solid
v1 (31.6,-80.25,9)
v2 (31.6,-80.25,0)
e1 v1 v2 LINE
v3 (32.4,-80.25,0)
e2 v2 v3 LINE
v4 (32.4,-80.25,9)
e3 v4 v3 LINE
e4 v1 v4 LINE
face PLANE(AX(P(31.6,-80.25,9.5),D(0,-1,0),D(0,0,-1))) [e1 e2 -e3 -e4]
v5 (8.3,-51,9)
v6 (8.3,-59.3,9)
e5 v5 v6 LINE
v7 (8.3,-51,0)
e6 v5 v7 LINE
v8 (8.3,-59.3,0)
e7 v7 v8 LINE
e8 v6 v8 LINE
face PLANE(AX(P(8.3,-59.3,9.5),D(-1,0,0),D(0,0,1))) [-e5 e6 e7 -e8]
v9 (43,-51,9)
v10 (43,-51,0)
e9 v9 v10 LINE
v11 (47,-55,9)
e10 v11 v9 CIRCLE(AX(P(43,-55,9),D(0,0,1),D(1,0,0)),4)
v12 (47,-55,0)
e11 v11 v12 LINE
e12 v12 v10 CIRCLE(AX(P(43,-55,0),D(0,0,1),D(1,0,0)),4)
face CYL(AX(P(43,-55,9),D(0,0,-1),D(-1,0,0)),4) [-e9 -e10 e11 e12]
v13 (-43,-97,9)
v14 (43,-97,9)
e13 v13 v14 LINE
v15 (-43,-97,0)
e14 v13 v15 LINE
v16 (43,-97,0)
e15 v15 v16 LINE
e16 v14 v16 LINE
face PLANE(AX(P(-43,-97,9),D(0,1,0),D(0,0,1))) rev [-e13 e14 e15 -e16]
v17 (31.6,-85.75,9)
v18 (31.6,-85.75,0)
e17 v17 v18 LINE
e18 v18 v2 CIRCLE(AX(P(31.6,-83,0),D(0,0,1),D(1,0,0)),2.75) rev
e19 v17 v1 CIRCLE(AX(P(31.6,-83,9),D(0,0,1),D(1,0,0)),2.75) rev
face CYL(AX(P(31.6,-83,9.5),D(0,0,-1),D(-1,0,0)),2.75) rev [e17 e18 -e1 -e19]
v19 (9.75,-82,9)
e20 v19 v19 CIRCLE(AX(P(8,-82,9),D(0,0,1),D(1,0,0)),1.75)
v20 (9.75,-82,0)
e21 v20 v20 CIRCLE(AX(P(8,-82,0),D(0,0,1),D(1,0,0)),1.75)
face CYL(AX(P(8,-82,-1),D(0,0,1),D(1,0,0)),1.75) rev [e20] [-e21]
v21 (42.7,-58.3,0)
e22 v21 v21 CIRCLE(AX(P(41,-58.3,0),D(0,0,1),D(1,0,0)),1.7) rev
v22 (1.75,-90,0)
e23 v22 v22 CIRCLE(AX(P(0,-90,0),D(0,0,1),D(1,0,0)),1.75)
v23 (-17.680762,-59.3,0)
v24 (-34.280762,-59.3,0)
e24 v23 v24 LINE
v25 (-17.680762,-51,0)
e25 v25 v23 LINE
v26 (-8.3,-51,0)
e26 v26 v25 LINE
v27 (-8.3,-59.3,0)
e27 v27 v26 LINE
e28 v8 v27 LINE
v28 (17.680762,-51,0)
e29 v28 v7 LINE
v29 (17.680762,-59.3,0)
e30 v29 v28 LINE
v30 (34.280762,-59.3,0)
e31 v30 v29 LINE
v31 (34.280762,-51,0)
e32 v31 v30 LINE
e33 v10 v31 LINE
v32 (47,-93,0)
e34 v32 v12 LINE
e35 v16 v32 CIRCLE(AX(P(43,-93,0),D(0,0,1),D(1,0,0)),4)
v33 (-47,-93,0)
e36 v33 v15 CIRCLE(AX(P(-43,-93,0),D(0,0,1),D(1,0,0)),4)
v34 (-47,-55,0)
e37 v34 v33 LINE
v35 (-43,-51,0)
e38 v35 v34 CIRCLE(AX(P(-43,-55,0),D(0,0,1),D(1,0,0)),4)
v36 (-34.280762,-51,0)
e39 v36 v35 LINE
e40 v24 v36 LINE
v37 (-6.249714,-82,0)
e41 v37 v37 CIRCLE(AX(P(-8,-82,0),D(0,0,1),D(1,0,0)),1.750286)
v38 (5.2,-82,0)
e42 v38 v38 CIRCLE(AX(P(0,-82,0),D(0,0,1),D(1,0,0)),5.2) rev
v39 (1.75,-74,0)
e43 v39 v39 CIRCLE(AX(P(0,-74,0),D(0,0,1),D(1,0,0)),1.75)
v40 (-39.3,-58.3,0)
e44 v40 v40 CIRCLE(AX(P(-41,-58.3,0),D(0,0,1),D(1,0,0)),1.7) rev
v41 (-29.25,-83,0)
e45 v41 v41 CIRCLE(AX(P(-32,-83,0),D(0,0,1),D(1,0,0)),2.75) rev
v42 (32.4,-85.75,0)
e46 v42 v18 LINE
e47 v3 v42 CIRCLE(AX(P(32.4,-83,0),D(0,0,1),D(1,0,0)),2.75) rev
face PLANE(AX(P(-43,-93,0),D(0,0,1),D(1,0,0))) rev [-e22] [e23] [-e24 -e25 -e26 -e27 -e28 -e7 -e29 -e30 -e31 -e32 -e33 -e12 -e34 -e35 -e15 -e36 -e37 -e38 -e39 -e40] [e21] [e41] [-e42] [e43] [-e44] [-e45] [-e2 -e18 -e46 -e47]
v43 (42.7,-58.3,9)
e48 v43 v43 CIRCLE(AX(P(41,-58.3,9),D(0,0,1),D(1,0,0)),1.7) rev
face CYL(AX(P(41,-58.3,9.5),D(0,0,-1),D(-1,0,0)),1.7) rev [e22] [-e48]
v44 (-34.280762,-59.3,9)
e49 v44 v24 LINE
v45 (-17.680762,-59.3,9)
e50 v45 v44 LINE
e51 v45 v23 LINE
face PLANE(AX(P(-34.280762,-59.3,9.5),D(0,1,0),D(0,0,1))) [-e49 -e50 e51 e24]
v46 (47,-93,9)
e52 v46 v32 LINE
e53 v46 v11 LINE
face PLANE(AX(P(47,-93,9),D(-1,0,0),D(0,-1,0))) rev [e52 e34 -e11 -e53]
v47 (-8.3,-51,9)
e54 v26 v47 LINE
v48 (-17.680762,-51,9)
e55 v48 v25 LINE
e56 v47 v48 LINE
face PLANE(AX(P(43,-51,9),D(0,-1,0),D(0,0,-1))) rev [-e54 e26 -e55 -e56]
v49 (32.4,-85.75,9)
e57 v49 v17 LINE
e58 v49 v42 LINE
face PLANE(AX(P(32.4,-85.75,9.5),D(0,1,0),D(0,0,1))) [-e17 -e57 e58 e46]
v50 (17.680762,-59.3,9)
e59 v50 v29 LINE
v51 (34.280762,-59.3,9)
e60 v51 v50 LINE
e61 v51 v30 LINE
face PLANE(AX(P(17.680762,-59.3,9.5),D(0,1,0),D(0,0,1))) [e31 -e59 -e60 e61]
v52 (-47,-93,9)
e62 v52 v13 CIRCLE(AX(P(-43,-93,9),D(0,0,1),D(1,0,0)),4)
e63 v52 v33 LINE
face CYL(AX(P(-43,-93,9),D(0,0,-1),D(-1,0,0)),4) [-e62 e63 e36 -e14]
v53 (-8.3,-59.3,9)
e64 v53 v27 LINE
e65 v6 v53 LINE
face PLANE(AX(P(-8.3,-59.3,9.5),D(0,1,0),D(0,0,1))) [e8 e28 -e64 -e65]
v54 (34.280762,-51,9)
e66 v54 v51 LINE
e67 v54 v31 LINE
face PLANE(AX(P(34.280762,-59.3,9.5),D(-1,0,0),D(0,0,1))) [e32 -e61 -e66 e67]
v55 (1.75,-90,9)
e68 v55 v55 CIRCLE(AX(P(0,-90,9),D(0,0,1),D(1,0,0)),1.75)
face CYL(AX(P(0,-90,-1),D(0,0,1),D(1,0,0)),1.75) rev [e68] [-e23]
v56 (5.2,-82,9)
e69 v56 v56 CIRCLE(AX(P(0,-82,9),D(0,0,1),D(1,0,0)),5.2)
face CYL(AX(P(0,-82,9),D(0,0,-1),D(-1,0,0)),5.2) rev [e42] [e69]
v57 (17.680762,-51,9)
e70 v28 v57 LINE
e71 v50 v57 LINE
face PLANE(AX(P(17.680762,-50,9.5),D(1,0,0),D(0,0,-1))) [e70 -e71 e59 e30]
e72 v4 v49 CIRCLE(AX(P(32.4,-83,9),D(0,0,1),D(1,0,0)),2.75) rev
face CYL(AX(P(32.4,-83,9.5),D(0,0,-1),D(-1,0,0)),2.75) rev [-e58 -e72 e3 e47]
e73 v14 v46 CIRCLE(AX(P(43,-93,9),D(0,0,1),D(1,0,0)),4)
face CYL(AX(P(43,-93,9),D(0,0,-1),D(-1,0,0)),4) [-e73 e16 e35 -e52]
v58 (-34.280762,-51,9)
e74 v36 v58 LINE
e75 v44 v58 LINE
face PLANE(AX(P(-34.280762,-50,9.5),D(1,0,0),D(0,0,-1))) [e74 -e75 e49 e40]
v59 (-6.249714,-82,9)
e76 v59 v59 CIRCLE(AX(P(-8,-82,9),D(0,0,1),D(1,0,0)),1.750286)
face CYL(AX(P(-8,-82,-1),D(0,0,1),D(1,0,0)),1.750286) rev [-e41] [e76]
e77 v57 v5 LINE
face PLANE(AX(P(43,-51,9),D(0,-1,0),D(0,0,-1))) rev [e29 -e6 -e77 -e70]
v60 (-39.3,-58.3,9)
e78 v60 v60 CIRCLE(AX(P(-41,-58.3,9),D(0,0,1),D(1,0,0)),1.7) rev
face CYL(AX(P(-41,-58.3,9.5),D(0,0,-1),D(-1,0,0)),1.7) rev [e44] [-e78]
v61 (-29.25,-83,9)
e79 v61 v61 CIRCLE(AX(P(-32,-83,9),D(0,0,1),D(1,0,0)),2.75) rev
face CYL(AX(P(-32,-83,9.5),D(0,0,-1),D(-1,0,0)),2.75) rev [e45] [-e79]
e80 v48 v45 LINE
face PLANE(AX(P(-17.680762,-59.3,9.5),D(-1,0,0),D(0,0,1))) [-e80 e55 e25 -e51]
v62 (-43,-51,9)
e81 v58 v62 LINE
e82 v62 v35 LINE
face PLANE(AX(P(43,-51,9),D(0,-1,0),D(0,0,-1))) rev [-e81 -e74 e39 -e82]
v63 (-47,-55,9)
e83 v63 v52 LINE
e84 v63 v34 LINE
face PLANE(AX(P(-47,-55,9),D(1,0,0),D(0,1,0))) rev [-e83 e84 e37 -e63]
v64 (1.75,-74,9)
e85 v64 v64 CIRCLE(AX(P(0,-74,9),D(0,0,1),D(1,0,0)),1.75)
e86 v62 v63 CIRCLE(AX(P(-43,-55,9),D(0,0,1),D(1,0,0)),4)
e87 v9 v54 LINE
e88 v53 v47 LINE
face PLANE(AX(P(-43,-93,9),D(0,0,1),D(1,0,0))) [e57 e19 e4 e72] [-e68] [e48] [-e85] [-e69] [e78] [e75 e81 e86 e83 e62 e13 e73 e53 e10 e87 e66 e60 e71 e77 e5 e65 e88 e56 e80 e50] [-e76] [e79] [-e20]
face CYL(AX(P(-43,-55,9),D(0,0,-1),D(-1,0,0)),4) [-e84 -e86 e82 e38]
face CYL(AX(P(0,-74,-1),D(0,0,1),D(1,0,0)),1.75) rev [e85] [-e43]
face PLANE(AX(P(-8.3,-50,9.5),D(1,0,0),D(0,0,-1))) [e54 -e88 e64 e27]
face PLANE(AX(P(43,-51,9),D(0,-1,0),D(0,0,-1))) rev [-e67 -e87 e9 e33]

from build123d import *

# Parameters (mm, degrees)
F_01_COMMON_SLIDER_BLANK_DEPTH                 = 9
F_02_START                                     = -0.5
S02_ROUND_LOCATING_GUIDE_AND_RELIEVED_R        = 2.75
F_02_ROUND_LOCATING_GUIDE_AND_RELIEVED_C_DEPTH = 10
F_03_START                                     = -0.5
S03_THREE_DROP_IN_SPRING_SEATS_W               = 16.6
S03_THREE_DROP_IN_SPRING_SEATS_H               = 9.3
F_03_THREE_DROP_IN_SPRING_SEATS_DEPTH          = 10
F_04_START                                     = -0.5
S04_KEEPER_SCREW_HOLES_R                       = 1.7
F_04_KEEPER_SCREW_HOLES_DEPTH                  = 10
F_07_START                                     = -0.15
S07_CLEARANCE_TUNNEL_FOR_ROTATING_SPIN_R       = 5.2
F_07_CLEARANCE_TUNNEL_FOR_ROTATING_SPIND_DEPTH = 109.311915664
SKETCH1_R                                      = 1.75
SKETCH1_R_2                                    = 1.75028584
CUT_EXTRUDE1_DEPTH                             = 10


with BuildPart() as part:
    # S01 - Common slider blank → 01 - Common slider blank (new body)
    with BuildSketch(Plane.XY):
        with BuildLine():
            Line((-43, -97), (43, -97))
            ThreePointArc((43, -97), (45.828427125, -95.828427125), (47, -93))
            Line((47, -93), (47, -55))
            ThreePointArc((47, -55), (45.828427125, -52.171572875), (43, -51))
            Line((43, -51), (-43, -51))
            ThreePointArc((-43, -51), (-45.828427125, -52.171572875), (-47, -55))
            Line((-47, -55), (-47, -93))
            ThreePointArc((-47, -93), (-45.828427125, -95.828427125), (-43, -97))
        make_face()
    extrude(amount=F_01_COMMON_SLIDER_BLANK_DEPTH)

    # S02 - Round locating guide and relieved companion → 02 - Round locating guide and relieved companion (cut)
    with BuildSketch(Plane.XY.offset(F_02_START)):
        with Locations((-32, -83)):
            Circle(S02_ROUND_LOCATING_GUIDE_AND_RELIEVED_R)
        with BuildLine():
            Line((31.6, -80.25), (32.4, -80.25))
            ThreePointArc((32.4, -80.25), (35.15, -83), (32.4, -85.75))
            Line((32.4, -85.75), (31.6, -85.75))
            ThreePointArc((31.6, -85.75), (28.85, -83), (31.6, -80.25))
        make_face()
    extrude(amount=F_02_ROUND_LOCATING_GUIDE_AND_RELIEVED_C_DEPTH, mode=Mode.SUBTRACT)

    # S03 - Three drop-in spring seats → 03 - Three drop-in spring seats (cut)
    with BuildSketch(Plane.XY.offset(F_03_START)):
        with Locations((-25.980762114, -54.65)):
            Rectangle(S03_THREE_DROP_IN_SPRING_SEATS_W, S03_THREE_DROP_IN_SPRING_SEATS_H)
        with Locations((25.980762114, -54.65)):
            Rectangle(S03_THREE_DROP_IN_SPRING_SEATS_W, S03_THREE_DROP_IN_SPRING_SEATS_H)
        with Locations((0, -54.65)):
            Rectangle(S03_THREE_DROP_IN_SPRING_SEATS_W, S03_THREE_DROP_IN_SPRING_SEATS_H)
    extrude(amount=F_03_THREE_DROP_IN_SPRING_SEATS_DEPTH, mode=Mode.SUBTRACT)

    # S04 - Keeper screw holes → 04 - Keeper screw holes (cut)
    with BuildSketch(Plane.XY.offset(F_04_START)):
        with Locations((-41, -58.3)):
            Circle(S04_KEEPER_SCREW_HOLES_R)
        with Locations((41, -58.3)):
            Circle(S04_KEEPER_SCREW_HOLES_R)
    extrude(amount=F_04_KEEPER_SCREW_HOLES_DEPTH, mode=Mode.SUBTRACT)

    # S07 - Clearance tunnel for rotating spindle retainer → 07 - Clearance tunnel for rotating spindle retainer (cut, through all)
    with BuildSketch(Plane.XY.offset(F_07_START)):
        with Locations((0, -82)):
            Circle(S07_CLEARANCE_TUNNEL_FOR_ROTATING_SPIN_R)
    extrude(amount=F_07_CLEARANCE_TUNNEL_FOR_ROTATING_SPIND_DEPTH, mode=Mode.SUBTRACT)

    # Sketch1 → Cut-Extrude1 (cut)
    with BuildSketch(Plane.XY.offset(9)):
        with Locations((8, -82)):
            Circle(SKETCH1_R)
        with Locations((0, -74)):
            Circle(SKETCH1_R)
        with Locations((0, -90)):
            Circle(SKETCH1_R)
        with Locations((-8, -82)):
            Circle(SKETCH1_R_2)
    extrude(amount=-CUT_EXTRUDE1_DEPTH, mode=Mode.SUBTRACT)


solid = part.part
